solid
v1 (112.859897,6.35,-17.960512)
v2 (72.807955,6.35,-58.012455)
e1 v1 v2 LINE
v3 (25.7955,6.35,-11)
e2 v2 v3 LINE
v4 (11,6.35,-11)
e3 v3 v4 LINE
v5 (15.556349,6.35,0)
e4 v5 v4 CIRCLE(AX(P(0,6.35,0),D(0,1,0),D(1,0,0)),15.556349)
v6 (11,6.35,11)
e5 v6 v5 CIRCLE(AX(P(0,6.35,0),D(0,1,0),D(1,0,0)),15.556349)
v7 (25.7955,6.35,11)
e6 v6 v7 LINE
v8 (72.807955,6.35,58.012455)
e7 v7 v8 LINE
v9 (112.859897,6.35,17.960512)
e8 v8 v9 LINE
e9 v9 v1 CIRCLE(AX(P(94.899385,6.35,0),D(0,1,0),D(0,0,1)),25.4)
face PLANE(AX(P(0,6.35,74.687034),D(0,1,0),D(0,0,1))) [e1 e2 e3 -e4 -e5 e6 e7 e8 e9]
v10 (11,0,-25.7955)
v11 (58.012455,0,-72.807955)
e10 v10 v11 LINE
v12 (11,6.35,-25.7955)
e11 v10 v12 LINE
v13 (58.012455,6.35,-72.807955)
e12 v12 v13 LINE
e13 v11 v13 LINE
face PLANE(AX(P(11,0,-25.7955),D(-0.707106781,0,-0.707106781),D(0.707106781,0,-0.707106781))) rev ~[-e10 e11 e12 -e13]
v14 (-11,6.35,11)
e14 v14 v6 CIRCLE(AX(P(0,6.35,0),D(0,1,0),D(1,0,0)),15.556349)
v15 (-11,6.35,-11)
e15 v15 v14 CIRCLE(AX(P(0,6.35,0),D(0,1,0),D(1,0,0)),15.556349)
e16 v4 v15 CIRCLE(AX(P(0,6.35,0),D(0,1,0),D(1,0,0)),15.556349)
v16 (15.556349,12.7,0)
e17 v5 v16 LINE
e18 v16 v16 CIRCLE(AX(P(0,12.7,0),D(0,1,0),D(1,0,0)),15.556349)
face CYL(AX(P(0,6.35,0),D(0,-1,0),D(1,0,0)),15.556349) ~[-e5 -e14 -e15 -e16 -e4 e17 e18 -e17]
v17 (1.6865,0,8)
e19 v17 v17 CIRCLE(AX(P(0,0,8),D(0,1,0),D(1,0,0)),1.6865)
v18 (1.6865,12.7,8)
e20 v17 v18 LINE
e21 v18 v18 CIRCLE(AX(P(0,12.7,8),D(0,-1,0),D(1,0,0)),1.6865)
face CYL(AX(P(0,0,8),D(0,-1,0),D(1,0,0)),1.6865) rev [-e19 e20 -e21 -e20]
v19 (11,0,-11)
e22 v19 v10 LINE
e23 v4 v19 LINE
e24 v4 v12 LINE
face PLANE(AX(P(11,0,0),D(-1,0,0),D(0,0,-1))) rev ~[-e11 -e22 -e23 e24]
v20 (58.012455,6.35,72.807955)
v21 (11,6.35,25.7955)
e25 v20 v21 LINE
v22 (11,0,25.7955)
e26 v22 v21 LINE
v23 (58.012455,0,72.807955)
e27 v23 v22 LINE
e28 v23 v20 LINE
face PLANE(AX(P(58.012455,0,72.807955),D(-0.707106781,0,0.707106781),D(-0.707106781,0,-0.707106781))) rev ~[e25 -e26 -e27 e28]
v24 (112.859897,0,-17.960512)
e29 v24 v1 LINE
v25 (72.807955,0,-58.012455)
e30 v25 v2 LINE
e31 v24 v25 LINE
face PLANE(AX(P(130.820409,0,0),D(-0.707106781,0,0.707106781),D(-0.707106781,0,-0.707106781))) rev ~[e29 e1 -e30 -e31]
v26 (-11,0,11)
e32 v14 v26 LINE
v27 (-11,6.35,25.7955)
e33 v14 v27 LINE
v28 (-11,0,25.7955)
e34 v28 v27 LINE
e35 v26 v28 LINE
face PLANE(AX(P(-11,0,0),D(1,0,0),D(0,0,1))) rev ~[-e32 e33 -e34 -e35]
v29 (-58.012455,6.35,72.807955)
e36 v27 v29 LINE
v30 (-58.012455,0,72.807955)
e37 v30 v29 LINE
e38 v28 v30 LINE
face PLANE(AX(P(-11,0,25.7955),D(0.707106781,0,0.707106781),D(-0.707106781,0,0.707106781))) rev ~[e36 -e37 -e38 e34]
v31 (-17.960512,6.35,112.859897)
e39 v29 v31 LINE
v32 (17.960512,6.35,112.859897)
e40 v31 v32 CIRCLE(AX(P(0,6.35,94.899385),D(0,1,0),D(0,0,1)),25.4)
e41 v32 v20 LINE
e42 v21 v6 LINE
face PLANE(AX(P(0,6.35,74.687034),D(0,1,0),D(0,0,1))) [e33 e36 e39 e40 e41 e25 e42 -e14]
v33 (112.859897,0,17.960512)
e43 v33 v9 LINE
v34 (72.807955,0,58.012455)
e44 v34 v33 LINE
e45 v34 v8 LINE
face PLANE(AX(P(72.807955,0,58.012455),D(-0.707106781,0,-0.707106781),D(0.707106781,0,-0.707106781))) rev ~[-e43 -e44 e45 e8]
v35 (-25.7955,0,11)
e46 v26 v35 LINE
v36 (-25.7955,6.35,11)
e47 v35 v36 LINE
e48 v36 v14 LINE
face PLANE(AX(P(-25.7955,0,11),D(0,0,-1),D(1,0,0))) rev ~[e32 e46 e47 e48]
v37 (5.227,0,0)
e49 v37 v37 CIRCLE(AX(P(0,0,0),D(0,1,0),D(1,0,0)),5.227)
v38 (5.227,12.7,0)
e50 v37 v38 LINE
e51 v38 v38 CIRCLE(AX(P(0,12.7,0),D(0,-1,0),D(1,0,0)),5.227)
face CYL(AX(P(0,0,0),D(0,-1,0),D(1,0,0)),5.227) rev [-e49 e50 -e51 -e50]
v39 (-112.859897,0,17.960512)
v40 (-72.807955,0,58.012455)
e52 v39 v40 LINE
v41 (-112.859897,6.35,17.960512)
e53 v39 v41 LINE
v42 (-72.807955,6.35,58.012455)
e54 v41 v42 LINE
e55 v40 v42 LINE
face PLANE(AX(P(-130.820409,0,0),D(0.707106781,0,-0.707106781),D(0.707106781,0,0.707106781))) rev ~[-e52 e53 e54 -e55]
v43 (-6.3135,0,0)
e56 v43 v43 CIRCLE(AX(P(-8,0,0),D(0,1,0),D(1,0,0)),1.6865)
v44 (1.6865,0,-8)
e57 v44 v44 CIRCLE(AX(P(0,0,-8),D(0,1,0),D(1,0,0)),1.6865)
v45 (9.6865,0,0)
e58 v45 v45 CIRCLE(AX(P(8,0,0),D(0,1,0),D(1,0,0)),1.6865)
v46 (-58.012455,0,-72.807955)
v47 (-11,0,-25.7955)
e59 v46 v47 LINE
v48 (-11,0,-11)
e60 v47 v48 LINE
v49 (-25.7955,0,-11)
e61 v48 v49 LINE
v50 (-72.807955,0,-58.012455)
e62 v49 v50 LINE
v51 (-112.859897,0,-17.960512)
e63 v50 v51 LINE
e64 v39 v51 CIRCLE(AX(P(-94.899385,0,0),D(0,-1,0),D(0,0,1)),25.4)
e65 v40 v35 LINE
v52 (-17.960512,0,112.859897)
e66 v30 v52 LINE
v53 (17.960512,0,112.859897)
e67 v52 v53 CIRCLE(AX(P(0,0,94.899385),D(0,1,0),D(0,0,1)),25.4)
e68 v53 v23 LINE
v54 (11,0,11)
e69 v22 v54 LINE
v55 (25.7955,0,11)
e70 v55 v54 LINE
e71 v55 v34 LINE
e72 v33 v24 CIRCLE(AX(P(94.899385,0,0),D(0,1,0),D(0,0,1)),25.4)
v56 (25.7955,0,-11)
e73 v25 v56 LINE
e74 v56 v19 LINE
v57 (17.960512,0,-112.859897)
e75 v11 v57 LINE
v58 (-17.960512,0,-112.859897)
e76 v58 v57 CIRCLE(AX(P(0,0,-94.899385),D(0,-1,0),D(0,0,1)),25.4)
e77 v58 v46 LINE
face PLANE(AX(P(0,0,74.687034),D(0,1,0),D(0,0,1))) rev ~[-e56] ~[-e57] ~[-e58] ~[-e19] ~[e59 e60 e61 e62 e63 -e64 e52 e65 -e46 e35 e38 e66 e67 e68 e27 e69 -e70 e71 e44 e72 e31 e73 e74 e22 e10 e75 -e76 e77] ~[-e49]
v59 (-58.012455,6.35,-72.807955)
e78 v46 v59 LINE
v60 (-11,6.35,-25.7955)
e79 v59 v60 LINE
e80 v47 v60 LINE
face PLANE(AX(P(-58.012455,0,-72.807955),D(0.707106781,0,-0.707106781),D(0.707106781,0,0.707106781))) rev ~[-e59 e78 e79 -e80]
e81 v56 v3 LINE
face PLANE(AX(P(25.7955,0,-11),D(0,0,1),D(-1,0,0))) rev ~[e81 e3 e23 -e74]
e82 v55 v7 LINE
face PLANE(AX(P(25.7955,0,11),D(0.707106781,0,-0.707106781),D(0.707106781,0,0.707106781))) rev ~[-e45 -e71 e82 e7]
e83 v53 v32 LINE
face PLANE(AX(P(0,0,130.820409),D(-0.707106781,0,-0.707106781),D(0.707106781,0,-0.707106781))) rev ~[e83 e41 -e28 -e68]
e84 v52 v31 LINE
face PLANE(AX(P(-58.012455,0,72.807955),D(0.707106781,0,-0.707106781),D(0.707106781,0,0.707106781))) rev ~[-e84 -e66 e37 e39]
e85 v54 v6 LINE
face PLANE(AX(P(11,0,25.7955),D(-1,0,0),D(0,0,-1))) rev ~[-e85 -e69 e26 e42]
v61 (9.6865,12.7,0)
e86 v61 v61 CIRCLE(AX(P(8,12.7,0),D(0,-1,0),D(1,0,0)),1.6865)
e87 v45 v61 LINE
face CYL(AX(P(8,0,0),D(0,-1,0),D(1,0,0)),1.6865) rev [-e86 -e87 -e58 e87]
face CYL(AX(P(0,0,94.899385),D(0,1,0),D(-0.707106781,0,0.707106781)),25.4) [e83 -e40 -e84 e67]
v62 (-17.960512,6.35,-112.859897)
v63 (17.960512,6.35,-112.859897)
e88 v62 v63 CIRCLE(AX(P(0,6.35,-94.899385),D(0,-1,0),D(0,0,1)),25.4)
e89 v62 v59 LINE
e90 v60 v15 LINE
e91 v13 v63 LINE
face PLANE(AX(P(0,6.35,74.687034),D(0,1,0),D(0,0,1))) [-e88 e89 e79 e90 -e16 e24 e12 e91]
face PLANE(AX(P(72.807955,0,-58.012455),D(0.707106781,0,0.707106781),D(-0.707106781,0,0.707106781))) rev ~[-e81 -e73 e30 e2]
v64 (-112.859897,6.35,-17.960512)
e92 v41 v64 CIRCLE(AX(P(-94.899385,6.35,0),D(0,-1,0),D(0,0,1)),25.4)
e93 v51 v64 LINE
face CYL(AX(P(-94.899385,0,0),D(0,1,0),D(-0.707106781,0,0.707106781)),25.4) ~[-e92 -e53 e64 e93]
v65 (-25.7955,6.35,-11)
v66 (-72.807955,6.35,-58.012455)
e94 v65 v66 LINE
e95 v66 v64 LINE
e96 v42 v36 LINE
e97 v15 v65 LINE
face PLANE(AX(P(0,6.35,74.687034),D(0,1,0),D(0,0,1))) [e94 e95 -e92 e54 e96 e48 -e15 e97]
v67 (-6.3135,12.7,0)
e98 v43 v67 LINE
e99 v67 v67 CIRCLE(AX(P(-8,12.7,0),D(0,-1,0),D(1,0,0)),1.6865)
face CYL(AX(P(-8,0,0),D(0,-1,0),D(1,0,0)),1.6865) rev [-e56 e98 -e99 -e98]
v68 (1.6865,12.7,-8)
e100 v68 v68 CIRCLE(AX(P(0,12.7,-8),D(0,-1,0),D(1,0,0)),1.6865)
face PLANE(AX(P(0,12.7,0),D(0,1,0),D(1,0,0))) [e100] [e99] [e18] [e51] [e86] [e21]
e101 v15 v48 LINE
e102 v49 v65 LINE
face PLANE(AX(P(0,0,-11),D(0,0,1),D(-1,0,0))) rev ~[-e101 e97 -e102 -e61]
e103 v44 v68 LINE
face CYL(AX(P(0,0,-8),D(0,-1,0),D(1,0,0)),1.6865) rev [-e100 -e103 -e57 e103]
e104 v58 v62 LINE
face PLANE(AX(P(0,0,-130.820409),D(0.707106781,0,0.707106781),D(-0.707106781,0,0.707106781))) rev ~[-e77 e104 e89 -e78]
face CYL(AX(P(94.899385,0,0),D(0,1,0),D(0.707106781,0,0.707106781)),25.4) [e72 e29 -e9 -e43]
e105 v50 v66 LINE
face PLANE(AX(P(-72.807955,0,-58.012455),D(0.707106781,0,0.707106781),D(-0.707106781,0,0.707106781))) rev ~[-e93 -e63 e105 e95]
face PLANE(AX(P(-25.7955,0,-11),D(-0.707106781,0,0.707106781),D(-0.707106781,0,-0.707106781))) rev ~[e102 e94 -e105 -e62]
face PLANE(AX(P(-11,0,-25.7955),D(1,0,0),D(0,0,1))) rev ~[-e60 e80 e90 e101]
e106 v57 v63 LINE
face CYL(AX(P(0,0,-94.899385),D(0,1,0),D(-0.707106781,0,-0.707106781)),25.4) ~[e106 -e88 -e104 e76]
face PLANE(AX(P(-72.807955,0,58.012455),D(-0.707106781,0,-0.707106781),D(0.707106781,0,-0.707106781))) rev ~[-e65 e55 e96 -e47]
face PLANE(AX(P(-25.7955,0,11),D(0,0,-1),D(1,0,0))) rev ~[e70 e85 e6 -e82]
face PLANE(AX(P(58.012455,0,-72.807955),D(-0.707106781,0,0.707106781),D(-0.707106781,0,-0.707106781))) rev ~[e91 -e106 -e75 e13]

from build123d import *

# Parameters (mm, degrees)
BOSS_EXTRUDE5_DEPTH      = 6.35
FILLET1_R                = 25.4
CIRPATTERN7_COUNT        = 4
FILLET1_OF_CIRPATTERN7_R = 25.4
SKETCH13_R               = 15.556349186
BOSS_EXTRUDE8_DEPTH      = 6.35
SKETCH1_R                = 5.22699996
SKETCH1_R_2              = 1.686500056
CUT_EXTRUDE1_DEPTH       = 13.7


with BuildPart() as part:
    # Sketch4 → Boss-Extrude5 (new body)
    with BuildSketch(Plane(origin=(0, 0, 0), x_dir=(1, 0, 0), z_dir=(0, 1, 0))):
        Polygon((25.7955, 11), (25.7955, -11), (72.807954542, -58.012454542), (130.820409084, 0), (72.807954542, 58.012454542), align=None)
        Polygon((25.7955, 11), (14.7955, 0), (25.7955, -11), align=None)
        Polygon((25.7955, -11), (14.7955, 0), (25.7955, 11), (0, 11), (0, -11), align=None)
    boss_extrude5 = extrude(amount=BOSS_EXTRUDE5_DEPTH)

    # Fillet1
    fillet1_edges = [part.edges().sort_by_distance(p)[0] for p in [
        (130.820409084, 3.175, 0),
    ]]
    fillet(fillet1_edges, radius=FILLET1_R)

    # CirPattern7: Boss-Extrude5 ×4 about axis
    cirpattern7_axis = Axis((0, 0, 0), (0, 1, 0))
    for i in range(1, CIRPATTERN7_COUNT):
        add(boss_extrude5.rotate(cirpattern7_axis, i * 360 / CIRPATTERN7_COUNT))

    # Fillet1 of CirPattern7
    fillet1_of_cirpattern7_edges = [part.edges().sort_by_distance(p)[0] for p in [
        (0, 3.175, -130.820409084),
        (-130.820409084, 3.175, 0),
        (0, 3.175, 130.820409084),
    ]]
    fillet(fillet1_of_cirpattern7_edges, radius=FILLET1_OF_CIRPATTERN7_R)

    # Sketch13 → Boss-Extrude8 (add)
    with BuildSketch(Plane(origin=(0, 6.35, 0), x_dir=(1, 0, 0), z_dir=(0, 1, 0))):
        Circle(SKETCH13_R)
    extrude(amount=BOSS_EXTRUDE8_DEPTH)

    # Sketch1 → Cut-Extrude1 (cut, through all)
    with BuildSketch(Plane(origin=(0, 0, 0), x_dir=(1, 0, 0), z_dir=(0, 1, 0))):
        Circle(SKETCH1_R)
        with Locations((8.000000002, 0)):
            Circle(SKETCH1_R_2)
        with Locations((0, -8.000000002)):
            Circle(SKETCH1_R_2)
        with Locations((-8.000000002, 0)):
            Circle(SKETCH1_R_2)
        with Locations((0, 8.000000002)):
            Circle(SKETCH1_R_2)
    extrude(amount=CUT_EXTRUDE1_DEPTH, mode=Mode.SUBTRACT)


solid = part.part
